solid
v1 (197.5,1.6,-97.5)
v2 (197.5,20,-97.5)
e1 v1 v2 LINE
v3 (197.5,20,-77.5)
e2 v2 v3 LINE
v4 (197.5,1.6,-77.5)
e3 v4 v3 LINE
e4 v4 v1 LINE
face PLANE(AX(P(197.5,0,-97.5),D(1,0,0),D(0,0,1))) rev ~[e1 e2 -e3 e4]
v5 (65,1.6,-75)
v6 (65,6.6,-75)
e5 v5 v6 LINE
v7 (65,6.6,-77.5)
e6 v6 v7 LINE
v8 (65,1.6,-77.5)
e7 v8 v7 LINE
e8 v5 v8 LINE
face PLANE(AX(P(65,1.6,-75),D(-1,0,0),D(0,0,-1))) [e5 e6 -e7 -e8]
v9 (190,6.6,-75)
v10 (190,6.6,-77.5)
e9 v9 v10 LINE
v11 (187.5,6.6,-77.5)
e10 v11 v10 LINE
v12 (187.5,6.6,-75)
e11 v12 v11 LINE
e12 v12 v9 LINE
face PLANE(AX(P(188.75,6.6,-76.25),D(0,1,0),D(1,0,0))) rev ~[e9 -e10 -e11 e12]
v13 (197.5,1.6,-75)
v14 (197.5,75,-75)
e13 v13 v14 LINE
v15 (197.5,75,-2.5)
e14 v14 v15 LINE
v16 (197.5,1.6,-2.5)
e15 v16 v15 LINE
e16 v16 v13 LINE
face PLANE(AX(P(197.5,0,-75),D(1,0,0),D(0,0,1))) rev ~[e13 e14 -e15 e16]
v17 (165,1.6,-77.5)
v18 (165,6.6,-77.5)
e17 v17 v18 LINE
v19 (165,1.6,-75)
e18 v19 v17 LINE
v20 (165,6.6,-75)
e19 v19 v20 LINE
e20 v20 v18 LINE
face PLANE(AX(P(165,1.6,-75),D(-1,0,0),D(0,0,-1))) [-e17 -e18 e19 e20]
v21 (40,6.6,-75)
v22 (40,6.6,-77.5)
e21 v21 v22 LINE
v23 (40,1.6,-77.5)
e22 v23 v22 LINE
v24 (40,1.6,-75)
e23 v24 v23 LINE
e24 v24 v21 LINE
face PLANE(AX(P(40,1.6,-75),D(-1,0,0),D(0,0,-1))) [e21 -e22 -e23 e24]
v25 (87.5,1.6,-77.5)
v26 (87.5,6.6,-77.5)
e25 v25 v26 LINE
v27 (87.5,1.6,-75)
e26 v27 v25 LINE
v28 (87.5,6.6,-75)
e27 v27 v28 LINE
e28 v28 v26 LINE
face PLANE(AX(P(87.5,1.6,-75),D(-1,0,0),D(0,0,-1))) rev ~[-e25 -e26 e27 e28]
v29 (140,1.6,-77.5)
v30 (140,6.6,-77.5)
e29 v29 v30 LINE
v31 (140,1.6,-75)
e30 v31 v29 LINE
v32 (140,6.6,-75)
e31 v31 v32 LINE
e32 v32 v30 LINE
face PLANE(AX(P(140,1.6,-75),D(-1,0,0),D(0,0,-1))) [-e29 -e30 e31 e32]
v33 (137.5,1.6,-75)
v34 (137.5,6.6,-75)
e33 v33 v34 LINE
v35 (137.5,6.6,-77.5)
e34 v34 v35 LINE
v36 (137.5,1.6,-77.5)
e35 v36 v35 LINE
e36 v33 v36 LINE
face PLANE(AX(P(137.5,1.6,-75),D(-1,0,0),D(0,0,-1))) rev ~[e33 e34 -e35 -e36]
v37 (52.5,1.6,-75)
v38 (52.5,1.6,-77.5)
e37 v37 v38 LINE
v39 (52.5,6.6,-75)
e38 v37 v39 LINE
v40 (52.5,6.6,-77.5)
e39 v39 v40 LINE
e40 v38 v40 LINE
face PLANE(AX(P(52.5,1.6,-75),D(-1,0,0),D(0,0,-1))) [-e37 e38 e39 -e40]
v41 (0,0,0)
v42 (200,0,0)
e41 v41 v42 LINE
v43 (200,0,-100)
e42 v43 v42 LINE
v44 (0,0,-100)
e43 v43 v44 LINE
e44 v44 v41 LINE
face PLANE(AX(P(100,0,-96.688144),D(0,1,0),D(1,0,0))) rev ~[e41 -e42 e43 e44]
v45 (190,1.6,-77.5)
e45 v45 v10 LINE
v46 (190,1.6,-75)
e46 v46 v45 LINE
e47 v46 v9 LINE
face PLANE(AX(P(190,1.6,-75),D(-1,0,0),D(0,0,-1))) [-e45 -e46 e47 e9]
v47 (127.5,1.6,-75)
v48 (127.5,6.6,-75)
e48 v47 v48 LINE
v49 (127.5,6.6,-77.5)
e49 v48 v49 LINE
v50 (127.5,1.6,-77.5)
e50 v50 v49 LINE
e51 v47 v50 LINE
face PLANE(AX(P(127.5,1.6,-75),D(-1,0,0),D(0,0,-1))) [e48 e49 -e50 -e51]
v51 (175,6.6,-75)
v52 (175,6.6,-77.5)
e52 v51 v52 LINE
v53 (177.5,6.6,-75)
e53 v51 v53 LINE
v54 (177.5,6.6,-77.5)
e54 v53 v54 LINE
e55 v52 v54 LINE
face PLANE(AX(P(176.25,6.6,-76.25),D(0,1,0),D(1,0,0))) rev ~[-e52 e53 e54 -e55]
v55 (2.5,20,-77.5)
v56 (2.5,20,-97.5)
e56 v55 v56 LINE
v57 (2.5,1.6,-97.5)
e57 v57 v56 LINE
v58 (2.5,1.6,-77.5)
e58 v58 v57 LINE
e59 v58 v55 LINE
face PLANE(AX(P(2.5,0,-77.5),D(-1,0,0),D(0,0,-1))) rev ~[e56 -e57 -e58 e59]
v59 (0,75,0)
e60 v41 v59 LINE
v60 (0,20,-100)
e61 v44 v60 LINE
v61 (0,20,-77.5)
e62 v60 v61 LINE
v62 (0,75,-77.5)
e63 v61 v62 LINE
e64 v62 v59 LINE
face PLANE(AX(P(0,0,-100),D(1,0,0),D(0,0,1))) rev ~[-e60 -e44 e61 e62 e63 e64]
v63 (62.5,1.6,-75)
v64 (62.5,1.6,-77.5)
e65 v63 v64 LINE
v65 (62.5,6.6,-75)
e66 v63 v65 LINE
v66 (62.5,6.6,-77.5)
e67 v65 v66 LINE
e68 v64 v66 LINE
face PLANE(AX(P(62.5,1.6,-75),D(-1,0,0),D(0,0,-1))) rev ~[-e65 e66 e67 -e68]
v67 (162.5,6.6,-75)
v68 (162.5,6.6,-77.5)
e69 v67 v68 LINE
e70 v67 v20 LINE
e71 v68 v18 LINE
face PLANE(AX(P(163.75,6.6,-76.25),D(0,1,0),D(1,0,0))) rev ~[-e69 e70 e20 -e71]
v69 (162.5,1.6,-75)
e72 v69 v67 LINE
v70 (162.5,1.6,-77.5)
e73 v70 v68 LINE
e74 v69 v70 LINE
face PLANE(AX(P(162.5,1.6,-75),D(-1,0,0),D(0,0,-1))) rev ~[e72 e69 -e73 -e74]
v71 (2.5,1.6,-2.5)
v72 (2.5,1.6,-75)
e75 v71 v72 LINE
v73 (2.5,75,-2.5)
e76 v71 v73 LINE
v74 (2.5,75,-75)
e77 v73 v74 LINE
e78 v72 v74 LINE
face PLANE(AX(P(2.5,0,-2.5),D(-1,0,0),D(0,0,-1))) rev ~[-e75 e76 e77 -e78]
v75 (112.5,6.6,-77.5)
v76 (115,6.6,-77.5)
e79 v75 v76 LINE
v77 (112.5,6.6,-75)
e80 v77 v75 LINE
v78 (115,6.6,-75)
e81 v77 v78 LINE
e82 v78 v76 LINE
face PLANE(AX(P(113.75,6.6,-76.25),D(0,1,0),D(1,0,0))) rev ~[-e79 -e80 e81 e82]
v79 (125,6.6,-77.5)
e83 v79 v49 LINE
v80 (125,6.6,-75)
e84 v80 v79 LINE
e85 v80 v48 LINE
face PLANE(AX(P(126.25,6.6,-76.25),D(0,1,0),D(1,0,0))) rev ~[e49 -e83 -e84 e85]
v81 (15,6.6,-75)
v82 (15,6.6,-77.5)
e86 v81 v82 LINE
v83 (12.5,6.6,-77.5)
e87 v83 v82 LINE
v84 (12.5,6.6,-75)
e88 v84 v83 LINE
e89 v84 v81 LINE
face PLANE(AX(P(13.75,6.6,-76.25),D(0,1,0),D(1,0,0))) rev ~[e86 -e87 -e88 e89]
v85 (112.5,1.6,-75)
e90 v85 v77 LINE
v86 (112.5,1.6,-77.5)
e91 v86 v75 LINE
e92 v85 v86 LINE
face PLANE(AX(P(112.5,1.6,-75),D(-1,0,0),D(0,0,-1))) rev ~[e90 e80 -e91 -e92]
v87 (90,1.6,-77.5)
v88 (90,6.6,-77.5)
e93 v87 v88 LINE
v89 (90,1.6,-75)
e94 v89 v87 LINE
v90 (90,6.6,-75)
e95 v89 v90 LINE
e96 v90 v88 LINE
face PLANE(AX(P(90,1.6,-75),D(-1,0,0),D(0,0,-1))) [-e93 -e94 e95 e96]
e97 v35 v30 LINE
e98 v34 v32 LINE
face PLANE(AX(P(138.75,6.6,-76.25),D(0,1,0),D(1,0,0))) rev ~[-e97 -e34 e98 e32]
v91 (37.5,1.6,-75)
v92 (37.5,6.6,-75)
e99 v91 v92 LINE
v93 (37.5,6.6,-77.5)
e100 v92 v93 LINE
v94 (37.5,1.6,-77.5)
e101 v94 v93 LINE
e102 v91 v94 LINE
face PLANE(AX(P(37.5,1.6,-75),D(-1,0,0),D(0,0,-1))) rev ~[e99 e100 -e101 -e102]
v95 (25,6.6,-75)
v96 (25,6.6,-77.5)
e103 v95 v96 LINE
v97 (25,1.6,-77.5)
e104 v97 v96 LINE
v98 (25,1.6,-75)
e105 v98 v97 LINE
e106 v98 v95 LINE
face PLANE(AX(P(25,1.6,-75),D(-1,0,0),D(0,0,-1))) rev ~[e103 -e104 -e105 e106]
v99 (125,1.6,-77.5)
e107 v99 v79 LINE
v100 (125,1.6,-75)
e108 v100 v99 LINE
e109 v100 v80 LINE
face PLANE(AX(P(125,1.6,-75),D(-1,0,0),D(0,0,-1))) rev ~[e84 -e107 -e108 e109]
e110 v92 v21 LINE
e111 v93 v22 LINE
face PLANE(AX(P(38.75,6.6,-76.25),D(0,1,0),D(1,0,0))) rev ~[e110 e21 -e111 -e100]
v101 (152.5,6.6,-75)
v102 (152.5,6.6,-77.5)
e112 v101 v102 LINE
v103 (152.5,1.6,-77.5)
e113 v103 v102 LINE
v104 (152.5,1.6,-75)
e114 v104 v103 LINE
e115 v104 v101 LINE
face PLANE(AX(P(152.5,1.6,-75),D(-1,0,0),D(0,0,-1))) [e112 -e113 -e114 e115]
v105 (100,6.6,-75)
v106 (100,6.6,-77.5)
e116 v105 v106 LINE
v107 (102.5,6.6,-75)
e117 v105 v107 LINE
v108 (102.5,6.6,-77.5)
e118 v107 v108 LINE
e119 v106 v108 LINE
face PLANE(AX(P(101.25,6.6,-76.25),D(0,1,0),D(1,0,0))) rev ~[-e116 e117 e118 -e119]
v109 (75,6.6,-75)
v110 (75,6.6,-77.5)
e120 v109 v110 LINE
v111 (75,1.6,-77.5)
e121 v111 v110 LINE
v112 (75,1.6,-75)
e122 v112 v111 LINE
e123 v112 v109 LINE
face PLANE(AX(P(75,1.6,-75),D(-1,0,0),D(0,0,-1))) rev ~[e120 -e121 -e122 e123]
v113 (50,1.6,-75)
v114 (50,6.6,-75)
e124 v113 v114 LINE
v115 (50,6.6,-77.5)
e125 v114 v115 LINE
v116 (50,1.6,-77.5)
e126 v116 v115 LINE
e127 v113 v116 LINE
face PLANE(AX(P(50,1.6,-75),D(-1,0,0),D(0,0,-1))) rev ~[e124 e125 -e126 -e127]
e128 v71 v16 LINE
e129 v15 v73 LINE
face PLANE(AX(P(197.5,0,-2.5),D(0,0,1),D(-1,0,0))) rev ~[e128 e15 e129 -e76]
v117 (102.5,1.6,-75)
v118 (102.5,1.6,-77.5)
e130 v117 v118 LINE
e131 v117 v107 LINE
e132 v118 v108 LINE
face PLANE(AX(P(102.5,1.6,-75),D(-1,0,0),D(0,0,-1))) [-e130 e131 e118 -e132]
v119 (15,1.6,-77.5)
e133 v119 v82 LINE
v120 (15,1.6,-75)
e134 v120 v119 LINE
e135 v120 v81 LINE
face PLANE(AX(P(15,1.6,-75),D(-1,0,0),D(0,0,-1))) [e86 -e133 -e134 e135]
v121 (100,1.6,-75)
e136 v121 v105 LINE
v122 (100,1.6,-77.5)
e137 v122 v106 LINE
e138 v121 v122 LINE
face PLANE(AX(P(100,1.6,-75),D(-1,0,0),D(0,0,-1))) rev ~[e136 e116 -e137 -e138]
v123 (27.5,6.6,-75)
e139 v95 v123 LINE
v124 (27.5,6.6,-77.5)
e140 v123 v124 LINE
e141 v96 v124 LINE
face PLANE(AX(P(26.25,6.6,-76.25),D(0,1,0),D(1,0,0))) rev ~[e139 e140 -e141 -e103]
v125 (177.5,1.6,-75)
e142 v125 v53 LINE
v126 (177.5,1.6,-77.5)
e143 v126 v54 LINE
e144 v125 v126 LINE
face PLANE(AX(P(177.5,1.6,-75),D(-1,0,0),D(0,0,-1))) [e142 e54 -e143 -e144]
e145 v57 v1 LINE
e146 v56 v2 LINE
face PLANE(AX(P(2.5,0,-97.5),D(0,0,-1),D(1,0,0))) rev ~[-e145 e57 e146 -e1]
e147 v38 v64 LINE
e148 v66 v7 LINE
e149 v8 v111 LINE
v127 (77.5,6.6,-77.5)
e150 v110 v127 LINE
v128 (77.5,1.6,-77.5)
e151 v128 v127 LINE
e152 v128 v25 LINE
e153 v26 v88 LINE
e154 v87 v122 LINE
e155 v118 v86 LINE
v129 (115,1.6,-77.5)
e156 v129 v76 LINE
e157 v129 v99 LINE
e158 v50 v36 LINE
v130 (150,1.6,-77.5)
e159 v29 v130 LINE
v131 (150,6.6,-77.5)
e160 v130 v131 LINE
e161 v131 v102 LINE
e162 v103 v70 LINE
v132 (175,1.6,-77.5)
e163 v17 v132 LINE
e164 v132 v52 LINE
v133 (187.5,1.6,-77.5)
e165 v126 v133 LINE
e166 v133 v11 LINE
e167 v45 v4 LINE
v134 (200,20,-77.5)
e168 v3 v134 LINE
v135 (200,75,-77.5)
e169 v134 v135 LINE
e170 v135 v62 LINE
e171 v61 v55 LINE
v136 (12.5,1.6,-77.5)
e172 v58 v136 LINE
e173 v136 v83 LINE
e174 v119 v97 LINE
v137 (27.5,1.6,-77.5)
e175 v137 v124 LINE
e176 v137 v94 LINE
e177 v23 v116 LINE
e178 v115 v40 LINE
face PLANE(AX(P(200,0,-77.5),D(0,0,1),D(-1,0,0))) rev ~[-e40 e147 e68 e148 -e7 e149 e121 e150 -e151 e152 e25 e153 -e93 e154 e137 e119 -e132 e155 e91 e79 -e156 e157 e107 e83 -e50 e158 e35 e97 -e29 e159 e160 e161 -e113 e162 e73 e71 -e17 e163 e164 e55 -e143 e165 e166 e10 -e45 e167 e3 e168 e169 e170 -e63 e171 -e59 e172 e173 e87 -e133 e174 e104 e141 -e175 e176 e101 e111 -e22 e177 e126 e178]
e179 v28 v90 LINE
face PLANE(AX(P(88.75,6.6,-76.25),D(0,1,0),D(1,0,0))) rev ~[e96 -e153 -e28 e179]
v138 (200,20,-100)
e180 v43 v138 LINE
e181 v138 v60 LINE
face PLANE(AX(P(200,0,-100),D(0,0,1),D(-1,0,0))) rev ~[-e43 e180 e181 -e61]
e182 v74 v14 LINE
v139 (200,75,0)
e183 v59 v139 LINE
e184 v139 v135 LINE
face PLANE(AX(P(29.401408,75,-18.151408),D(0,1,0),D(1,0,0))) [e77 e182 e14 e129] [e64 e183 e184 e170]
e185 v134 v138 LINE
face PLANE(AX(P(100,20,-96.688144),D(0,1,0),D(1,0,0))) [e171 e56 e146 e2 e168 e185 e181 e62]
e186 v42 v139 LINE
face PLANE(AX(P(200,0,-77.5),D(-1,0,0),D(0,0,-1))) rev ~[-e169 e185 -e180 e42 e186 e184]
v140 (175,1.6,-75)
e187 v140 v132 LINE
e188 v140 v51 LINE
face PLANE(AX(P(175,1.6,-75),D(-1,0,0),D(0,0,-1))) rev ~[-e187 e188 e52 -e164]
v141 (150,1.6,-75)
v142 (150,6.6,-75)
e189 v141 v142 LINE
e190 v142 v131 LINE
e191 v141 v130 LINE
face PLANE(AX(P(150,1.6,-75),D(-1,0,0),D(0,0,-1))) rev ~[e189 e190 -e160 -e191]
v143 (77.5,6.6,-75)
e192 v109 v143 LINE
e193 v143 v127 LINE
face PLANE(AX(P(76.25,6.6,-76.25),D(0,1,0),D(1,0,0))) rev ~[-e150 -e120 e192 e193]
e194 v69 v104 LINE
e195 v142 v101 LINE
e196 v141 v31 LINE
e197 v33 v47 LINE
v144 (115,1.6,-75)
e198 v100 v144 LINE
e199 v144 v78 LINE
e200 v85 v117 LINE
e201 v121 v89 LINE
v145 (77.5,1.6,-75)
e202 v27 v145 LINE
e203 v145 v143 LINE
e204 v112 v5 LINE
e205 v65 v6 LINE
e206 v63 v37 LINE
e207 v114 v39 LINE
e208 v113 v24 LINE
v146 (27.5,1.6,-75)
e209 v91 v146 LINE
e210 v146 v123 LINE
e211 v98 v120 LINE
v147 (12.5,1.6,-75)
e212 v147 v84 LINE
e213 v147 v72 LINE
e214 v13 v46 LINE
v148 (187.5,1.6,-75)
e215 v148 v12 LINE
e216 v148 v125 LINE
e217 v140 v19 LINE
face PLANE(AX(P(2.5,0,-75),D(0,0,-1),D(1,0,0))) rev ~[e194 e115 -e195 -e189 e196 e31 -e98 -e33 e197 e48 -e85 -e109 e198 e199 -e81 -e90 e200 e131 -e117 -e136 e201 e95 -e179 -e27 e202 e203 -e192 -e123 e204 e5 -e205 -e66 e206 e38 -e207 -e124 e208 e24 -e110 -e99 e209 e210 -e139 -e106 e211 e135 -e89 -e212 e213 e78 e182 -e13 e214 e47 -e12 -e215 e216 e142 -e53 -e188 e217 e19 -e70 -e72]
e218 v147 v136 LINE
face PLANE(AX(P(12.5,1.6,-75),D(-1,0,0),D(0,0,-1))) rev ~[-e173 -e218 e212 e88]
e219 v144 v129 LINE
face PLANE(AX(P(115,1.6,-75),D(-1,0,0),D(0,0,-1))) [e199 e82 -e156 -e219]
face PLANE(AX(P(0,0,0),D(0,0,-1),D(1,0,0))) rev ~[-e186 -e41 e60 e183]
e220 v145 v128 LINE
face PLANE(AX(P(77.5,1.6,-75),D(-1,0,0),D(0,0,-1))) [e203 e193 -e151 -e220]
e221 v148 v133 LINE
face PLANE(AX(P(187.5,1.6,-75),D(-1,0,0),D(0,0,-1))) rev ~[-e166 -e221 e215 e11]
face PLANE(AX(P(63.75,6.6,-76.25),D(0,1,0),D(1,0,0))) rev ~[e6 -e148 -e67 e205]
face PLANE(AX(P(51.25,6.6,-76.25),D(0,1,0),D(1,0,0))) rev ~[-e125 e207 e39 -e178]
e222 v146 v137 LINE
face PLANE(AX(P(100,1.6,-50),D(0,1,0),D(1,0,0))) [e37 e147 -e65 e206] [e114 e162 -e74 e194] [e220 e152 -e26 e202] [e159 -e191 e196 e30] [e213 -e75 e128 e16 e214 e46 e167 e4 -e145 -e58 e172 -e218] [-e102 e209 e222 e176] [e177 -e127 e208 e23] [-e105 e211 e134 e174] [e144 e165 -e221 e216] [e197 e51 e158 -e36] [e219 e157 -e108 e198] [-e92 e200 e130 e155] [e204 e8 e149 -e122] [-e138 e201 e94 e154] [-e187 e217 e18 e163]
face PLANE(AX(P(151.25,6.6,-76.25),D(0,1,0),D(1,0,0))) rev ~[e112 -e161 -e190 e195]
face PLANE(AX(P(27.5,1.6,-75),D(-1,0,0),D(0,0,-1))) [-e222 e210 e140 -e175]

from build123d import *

# Parameters (mm, degrees)
SKETCH1_W           = 195
SKETCH1_H           = 95
BOSS_EXTRUDE1_DEPTH = 1.6
SKETCH1_5_W         = 7.5
SKETCH1_5_H         = 2.5
SKETCH1_5_W_2       = 2.5
SKETCH1_5_W_3       = 10
BOSS_EXTRUDE2_DEPTH = 75
BOSS_EXTRUDE3_DEPTH = 20
CUT_EXTRUDE1_START  = 1.6
SKETCH1_7_W         = 2.5
SKETCH1_7_H         = 2.5
CUT_EXTRUDE1_DEPTH  = 5


with BuildPart() as part:
    # Sketch1 → Boss-Extrude1 (new body)
    with BuildSketch(Plane(origin=(0, 0, 0), x_dir=(1, 0, 0), z_dir=(0, 1, 0))):
        with Locations((100, 50)):
            Rectangle(SKETCH1_W, SKETCH1_H)
    extrude(amount=BOSS_EXTRUDE1_DEPTH)

    # Sketch1<5> → Boss-Extrude2 (add)
    with BuildSketch(Plane(origin=(0, 0, 0), x_dir=(1, 0, 0), z_dir=(0, 1, 0))):
        Polygon((0, 0), (100, 0), (100, 2.5), (2.5, 2.5), (2.5, 75), (2.5, 77.5), (0, 77.5), align=None)
        Polygon((100, 2.5), (100, 0), (200, 0), (200, 77.5), (197.5, 77.5), (197.5, 75), (197.5, 2.5), align=None)
        with Locations((193.75, 76.25)):
            Rectangle(SKETCH1_5_W, SKETCH1_5_H)
        with Locations((188.75, 76.25)):
            Rectangle(SKETCH1_5_W_2, SKETCH1_5_H)
        with Locations((182.5, 76.25)):
            Rectangle(SKETCH1_5_W_3, SKETCH1_5_H)
        with Locations((176.25, 76.25)):
            Rectangle(SKETCH1_5_W_2, SKETCH1_5_H)
        with Locations((170, 76.25)):
            Rectangle(SKETCH1_5_W_3, SKETCH1_5_H)
        with Locations((163.75, 76.25)):
            Rectangle(SKETCH1_5_W_2, SKETCH1_5_H)
        with Locations((157.5, 76.25)):
            Rectangle(SKETCH1_5_W_3, SKETCH1_5_H)
        with Locations((151.25, 76.25)):
            Rectangle(SKETCH1_5_W_2, SKETCH1_5_H)
        with Locations((145, 76.25)):
            Rectangle(SKETCH1_5_W_3, SKETCH1_5_H)
        with Locations((138.75, 76.25)):
            Rectangle(SKETCH1_5_W_2, SKETCH1_5_H)
        with Locations((132.5, 76.25)):
            Rectangle(SKETCH1_5_W_3, SKETCH1_5_H)
        with Locations((126.25, 76.25)):
            Rectangle(SKETCH1_5_W_2, SKETCH1_5_H)
        with Locations((120, 76.25)):
            Rectangle(SKETCH1_5_W_3, SKETCH1_5_H)
        with Locations((113.75, 76.25)):
            Rectangle(SKETCH1_5_W_2, SKETCH1_5_H)
        with Locations((107.5, 76.25)):
            Rectangle(SKETCH1_5_W_3, SKETCH1_5_H)
        with Locations((101.25, 76.25)):
            Rectangle(SKETCH1_5_W_2, SKETCH1_5_H)
        with Locations((95, 76.25)):
            Rectangle(SKETCH1_5_W_3, SKETCH1_5_H)
        with Locations((88.75, 76.25)):
            Rectangle(SKETCH1_5_W_2, SKETCH1_5_H)
        with Locations((82.5, 76.25)):
            Rectangle(SKETCH1_5_W_3, SKETCH1_5_H)
        with Locations((76.25, 76.25)):
            Rectangle(SKETCH1_5_W_2, SKETCH1_5_H)
        with Locations((70, 76.25)):
            Rectangle(SKETCH1_5_W_3, SKETCH1_5_H)
        with Locations((63.75, 76.25)):
            Rectangle(SKETCH1_5_W_2, SKETCH1_5_H)
        with Locations((57.5, 76.25)):
            Rectangle(SKETCH1_5_W_3, SKETCH1_5_H)
        with Locations((51.25, 76.25)):
            Rectangle(SKETCH1_5_W_2, SKETCH1_5_H)
        with Locations((45, 76.25)):
            Rectangle(SKETCH1_5_W_3, SKETCH1_5_H)
        with Locations((38.75, 76.25)):
            Rectangle(SKETCH1_5_W_2, SKETCH1_5_H)
        with Locations((32.5, 76.25)):
            Rectangle(SKETCH1_5_W_3, SKETCH1_5_H)
        with Locations((26.25, 76.25)):
            Rectangle(SKETCH1_5_W_2, SKETCH1_5_H)
        with Locations((20, 76.25)):
            Rectangle(SKETCH1_5_W_3, SKETCH1_5_H)
        with Locations((13.75, 76.25)):
            Rectangle(SKETCH1_5_W_2, SKETCH1_5_H)
        with Locations((7.5, 76.25)):
            Rectangle(SKETCH1_5_W_3, SKETCH1_5_H)
    extrude(amount=BOSS_EXTRUDE2_DEPTH)

    # Sketch1<6> → Boss-Extrude3 (add)
    with BuildSketch(Plane(origin=(0, 0, 0), x_dir=(1, 0, 0), z_dir=(0, 1, 0))):
        Polygon((0, 100), (0, 77.5), (2.5, 77.5), (2.5, 97.5), (197.5, 97.5), (197.5, 77.5), (200, 77.5), (200, 100), align=None)
    extrude(amount=BOSS_EXTRUDE3_DEPTH)

    # Sketch1<7> → Cut-Extrude1 (cut)
    with BuildSketch(Plane(origin=(0, 0, 0), x_dir=(1, 0, 0), z_dir=(0, 1, 0)).offset(CUT_EXTRUDE1_START)):
        with Locations((188.75, 76.25)):
            Rectangle(SKETCH1_7_W, SKETCH1_7_H)
        with Locations((176.25, 76.25)):
            Rectangle(SKETCH1_7_W, SKETCH1_7_H)
        with Locations((163.75, 76.25)):
            Rectangle(SKETCH1_7_W, SKETCH1_7_H)
        with Locations((151.25, 76.25)):
            Rectangle(SKETCH1_7_W, SKETCH1_7_H)
        with Locations((138.75, 76.25)):
            Rectangle(SKETCH1_7_W, SKETCH1_7_H)
        with Locations((126.25, 76.25)):
            Rectangle(SKETCH1_7_W, SKETCH1_7_H)
        with Locations((113.75, 76.25)):
            Rectangle(SKETCH1_7_W, SKETCH1_7_H)
        with Locations((101.25, 76.25)):
            Rectangle(SKETCH1_7_W, SKETCH1_7_H)
        with Locations((88.75, 76.25)):
            Rectangle(SKETCH1_7_W, SKETCH1_7_H)
        with Locations((76.25, 76.25)):
            Rectangle(SKETCH1_7_W, SKETCH1_7_H)
        with Locations((63.75, 76.25)):
            Rectangle(SKETCH1_7_W, SKETCH1_7_H)
        with Locations((51.25, 76.25)):
            Rectangle(SKETCH1_7_W, SKETCH1_7_H)
        with Locations((38.75, 76.25)):
            Rectangle(SKETCH1_7_W, SKETCH1_7_H)
        with Locations((26.25, 76.25)):
            Rectangle(SKETCH1_7_W, SKETCH1_7_H)
        with Locations((13.75, 76.25)):
            Rectangle(SKETCH1_7_W, SKETCH1_7_H)
    extrude(amount=CUT_EXTRUDE1_DEPTH, mode=Mode.SUBTRACT)


solid = part.part
